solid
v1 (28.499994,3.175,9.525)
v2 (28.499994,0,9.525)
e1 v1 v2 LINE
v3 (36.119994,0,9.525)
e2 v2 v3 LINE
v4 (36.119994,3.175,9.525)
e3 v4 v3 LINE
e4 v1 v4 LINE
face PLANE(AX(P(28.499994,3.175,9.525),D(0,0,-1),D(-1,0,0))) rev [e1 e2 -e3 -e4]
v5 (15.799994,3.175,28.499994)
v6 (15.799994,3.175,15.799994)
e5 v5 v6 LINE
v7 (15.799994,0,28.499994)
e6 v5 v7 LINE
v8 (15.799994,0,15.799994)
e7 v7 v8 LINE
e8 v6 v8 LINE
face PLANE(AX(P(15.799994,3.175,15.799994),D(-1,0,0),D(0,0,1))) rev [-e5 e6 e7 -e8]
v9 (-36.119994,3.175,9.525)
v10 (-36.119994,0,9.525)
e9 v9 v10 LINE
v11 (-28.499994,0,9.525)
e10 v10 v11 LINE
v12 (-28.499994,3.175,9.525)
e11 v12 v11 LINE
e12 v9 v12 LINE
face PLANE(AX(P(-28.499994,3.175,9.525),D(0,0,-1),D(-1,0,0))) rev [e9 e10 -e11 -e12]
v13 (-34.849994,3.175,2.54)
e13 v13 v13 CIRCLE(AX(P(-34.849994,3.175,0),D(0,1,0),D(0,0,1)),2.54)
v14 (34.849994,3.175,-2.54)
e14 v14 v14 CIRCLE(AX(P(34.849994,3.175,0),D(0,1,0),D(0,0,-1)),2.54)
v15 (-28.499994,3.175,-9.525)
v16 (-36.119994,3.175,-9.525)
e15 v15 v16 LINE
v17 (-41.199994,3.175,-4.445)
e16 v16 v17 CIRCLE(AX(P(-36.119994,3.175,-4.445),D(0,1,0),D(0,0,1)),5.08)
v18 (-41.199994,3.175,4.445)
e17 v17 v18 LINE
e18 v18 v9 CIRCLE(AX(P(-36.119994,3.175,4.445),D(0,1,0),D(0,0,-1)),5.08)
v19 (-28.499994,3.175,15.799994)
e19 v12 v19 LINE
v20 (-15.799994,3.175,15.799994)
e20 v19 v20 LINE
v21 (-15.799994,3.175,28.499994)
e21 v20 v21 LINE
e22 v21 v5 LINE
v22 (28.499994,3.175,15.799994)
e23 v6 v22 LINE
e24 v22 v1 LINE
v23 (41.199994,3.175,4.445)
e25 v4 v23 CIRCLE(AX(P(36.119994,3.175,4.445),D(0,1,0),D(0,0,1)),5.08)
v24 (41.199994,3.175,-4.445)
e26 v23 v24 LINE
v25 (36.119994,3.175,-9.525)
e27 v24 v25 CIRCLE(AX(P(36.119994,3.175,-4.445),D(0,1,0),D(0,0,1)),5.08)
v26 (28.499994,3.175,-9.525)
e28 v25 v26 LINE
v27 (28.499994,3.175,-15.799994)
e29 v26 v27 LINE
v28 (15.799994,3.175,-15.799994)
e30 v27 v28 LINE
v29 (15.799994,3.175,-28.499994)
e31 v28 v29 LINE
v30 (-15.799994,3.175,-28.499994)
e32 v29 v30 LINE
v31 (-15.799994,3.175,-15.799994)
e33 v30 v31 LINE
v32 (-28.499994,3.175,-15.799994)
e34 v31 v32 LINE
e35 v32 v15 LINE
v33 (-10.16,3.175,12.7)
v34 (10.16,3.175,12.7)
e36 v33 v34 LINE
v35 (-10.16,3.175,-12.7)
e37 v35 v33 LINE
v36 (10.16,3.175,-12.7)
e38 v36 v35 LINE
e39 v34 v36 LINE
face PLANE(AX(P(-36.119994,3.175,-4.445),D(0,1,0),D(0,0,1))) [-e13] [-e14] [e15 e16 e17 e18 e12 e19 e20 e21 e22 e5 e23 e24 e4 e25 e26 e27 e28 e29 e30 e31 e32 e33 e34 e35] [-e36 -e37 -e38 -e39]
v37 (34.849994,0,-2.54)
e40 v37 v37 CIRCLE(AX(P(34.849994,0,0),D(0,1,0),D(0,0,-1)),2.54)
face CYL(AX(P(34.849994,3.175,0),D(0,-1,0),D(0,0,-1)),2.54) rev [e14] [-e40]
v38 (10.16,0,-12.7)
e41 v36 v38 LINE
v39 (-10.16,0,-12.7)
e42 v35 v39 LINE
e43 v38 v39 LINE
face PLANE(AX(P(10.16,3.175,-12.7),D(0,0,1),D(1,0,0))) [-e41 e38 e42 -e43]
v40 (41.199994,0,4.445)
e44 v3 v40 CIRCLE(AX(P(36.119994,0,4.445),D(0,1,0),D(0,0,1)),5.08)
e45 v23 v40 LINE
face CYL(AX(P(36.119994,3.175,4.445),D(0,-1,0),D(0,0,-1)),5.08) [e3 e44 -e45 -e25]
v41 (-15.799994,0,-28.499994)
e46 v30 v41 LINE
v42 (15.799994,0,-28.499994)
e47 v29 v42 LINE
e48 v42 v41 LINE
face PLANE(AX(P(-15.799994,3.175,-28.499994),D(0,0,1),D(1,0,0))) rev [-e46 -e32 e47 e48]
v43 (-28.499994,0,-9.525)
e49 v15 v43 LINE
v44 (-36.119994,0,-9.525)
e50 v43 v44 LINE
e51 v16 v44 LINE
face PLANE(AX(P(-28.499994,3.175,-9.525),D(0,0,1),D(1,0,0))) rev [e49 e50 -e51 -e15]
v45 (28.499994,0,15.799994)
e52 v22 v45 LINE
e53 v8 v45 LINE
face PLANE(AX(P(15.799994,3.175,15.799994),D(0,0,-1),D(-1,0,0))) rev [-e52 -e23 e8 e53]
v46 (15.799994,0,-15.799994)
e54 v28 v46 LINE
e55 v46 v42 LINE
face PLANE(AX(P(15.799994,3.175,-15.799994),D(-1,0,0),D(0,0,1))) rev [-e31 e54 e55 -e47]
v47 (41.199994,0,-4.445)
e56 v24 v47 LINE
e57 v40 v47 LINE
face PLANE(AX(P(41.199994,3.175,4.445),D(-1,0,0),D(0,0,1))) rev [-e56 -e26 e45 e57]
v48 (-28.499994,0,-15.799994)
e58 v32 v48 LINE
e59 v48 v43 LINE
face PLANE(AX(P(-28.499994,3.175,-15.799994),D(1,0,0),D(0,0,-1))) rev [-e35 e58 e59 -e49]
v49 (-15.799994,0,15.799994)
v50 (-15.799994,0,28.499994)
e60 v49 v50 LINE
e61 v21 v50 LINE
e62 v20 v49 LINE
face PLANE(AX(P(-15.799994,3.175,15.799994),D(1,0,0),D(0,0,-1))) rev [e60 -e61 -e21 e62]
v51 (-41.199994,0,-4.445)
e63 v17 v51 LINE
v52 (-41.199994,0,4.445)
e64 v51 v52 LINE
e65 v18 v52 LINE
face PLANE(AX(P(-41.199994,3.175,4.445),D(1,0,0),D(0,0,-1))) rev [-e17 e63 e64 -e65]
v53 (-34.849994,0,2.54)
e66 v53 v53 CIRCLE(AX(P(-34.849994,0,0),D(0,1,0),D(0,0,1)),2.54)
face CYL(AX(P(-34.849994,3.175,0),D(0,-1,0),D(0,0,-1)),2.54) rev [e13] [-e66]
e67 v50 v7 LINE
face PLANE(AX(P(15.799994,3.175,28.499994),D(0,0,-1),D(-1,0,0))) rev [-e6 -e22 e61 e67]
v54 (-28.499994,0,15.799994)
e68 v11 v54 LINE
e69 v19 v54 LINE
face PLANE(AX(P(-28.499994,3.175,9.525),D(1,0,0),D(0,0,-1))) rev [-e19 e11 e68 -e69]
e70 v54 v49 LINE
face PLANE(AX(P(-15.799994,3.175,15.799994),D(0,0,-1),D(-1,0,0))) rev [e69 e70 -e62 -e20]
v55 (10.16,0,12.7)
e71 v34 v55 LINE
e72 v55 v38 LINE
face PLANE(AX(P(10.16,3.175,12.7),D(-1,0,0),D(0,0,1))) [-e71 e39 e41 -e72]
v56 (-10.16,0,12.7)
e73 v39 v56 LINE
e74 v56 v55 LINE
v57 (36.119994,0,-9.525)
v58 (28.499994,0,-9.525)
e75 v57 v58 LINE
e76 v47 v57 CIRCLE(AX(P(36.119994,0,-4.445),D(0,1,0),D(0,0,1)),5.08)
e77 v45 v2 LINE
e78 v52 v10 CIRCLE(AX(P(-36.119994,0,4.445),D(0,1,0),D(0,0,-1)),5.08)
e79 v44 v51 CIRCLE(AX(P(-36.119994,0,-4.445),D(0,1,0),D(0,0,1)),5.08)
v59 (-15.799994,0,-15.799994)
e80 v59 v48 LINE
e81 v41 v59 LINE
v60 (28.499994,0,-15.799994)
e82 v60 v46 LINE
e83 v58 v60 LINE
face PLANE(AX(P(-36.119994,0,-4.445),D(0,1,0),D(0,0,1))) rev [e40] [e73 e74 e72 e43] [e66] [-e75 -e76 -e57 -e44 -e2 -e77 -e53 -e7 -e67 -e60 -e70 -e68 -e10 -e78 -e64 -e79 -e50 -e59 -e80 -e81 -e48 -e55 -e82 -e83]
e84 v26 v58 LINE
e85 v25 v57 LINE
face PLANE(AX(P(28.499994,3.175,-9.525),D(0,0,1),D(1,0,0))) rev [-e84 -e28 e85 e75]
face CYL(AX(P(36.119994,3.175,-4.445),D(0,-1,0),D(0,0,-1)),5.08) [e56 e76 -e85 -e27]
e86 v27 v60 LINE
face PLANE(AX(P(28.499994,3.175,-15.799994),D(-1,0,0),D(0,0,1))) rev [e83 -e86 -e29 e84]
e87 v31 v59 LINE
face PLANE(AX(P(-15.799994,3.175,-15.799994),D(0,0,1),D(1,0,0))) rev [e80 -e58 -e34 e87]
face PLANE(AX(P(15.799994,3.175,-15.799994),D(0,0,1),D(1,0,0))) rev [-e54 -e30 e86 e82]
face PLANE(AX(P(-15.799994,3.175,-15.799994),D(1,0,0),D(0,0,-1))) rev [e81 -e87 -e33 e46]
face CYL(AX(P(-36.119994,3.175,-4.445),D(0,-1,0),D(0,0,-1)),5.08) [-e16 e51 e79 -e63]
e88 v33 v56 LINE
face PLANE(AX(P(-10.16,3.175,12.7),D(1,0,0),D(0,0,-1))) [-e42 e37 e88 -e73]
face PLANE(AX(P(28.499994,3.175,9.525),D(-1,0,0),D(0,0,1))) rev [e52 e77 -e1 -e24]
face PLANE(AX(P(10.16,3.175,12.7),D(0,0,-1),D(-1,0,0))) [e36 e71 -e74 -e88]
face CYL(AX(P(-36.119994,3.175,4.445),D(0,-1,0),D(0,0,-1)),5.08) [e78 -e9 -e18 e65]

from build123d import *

# Parameters (mm, degrees)
SKETCH1_R           = 2.54
SKETCH1_W           = 20.32
SKETCH1_H           = 25.4
BOSS_EXTRUDE1_DEPTH = 3.175


with BuildPart() as part:
    # Sketch1 → Boss-Extrude1 (new body)
    with BuildSketch(Plane(origin=(0, 0, 0), x_dir=(1, 0, 0), z_dir=(0, 1, 0))):
        with BuildLine():
            Line((-28.4999938, 15.7999938), (-28.4999938, 9.525))
            Line((-28.4999938, 9.525), (-36.1199938, 9.525))
            ThreePointArc((-36.1199938, 9.525), (-39.712096248, 8.037102448), (-41.1999938, 4.445))
            Line((-41.1999938, 4.445), (-41.1999938, -4.445))
            ThreePointArc((-41.1999938, -4.445), (-39.712096248, -8.037102448), (-36.1199938, -9.525))
            Line((-36.1199938, -9.525), (-28.4999938, -9.525))
            Line((-28.4999938, -9.525), (-28.4999938, -15.7999938))
            Line((-28.4999938, -15.7999938), (-15.7999938, -15.7999938))
            Line((-15.7999938, -15.7999938), (-15.7999938, -28.4999938))
            Line((-15.7999938, -28.4999938), (15.7999938, -28.4999938))
            Line((15.7999938, -28.4999938), (15.7999938, -15.7999938))
            Line((15.7999938, -15.7999938), (28.4999938, -15.7999938))
            Line((28.4999938, -15.7999938), (28.4999938, -9.525))
            Line((28.4999938, -9.525), (36.1199938, -9.525))
            ThreePointArc((36.1199938, -9.525), (39.712096248, -8.037102448), (41.1999938, -4.445))
            Line((41.1999938, -4.445), (41.1999938, 4.445))
            ThreePointArc((41.1999938, 4.445), (39.712096248, 8.037102448), (36.1199938, 9.525))
            Line((36.1199938, 9.525), (28.4999938, 9.525))
            Line((28.4999938, 9.525), (28.4999938, 15.7999938))
            Line((28.4999938, 15.7999938), (15.7999938, 15.7999938))
            Line((15.7999938, 15.7999938), (15.7999938, 28.4999938))
            Line((15.7999938, 28.4999938), (-15.7999938, 28.4999938))
            Line((-15.7999938, 28.4999938), (-15.7999938, 15.7999938))
            Line((-15.7999938, 15.7999938), (-28.4999938, 15.7999938))
        make_face()
        with Locations((-34.8499938, 0)):
            Circle(SKETCH1_R, mode=Mode.SUBTRACT)
        with Locations((34.8499938, 0)):
            Circle(SKETCH1_R, mode=Mode.SUBTRACT)
        Rectangle(SKETCH1_W, SKETCH1_H, mode=Mode.SUBTRACT)
    extrude(amount=BOSS_EXTRUDE1_DEPTH)


solid = part.part
